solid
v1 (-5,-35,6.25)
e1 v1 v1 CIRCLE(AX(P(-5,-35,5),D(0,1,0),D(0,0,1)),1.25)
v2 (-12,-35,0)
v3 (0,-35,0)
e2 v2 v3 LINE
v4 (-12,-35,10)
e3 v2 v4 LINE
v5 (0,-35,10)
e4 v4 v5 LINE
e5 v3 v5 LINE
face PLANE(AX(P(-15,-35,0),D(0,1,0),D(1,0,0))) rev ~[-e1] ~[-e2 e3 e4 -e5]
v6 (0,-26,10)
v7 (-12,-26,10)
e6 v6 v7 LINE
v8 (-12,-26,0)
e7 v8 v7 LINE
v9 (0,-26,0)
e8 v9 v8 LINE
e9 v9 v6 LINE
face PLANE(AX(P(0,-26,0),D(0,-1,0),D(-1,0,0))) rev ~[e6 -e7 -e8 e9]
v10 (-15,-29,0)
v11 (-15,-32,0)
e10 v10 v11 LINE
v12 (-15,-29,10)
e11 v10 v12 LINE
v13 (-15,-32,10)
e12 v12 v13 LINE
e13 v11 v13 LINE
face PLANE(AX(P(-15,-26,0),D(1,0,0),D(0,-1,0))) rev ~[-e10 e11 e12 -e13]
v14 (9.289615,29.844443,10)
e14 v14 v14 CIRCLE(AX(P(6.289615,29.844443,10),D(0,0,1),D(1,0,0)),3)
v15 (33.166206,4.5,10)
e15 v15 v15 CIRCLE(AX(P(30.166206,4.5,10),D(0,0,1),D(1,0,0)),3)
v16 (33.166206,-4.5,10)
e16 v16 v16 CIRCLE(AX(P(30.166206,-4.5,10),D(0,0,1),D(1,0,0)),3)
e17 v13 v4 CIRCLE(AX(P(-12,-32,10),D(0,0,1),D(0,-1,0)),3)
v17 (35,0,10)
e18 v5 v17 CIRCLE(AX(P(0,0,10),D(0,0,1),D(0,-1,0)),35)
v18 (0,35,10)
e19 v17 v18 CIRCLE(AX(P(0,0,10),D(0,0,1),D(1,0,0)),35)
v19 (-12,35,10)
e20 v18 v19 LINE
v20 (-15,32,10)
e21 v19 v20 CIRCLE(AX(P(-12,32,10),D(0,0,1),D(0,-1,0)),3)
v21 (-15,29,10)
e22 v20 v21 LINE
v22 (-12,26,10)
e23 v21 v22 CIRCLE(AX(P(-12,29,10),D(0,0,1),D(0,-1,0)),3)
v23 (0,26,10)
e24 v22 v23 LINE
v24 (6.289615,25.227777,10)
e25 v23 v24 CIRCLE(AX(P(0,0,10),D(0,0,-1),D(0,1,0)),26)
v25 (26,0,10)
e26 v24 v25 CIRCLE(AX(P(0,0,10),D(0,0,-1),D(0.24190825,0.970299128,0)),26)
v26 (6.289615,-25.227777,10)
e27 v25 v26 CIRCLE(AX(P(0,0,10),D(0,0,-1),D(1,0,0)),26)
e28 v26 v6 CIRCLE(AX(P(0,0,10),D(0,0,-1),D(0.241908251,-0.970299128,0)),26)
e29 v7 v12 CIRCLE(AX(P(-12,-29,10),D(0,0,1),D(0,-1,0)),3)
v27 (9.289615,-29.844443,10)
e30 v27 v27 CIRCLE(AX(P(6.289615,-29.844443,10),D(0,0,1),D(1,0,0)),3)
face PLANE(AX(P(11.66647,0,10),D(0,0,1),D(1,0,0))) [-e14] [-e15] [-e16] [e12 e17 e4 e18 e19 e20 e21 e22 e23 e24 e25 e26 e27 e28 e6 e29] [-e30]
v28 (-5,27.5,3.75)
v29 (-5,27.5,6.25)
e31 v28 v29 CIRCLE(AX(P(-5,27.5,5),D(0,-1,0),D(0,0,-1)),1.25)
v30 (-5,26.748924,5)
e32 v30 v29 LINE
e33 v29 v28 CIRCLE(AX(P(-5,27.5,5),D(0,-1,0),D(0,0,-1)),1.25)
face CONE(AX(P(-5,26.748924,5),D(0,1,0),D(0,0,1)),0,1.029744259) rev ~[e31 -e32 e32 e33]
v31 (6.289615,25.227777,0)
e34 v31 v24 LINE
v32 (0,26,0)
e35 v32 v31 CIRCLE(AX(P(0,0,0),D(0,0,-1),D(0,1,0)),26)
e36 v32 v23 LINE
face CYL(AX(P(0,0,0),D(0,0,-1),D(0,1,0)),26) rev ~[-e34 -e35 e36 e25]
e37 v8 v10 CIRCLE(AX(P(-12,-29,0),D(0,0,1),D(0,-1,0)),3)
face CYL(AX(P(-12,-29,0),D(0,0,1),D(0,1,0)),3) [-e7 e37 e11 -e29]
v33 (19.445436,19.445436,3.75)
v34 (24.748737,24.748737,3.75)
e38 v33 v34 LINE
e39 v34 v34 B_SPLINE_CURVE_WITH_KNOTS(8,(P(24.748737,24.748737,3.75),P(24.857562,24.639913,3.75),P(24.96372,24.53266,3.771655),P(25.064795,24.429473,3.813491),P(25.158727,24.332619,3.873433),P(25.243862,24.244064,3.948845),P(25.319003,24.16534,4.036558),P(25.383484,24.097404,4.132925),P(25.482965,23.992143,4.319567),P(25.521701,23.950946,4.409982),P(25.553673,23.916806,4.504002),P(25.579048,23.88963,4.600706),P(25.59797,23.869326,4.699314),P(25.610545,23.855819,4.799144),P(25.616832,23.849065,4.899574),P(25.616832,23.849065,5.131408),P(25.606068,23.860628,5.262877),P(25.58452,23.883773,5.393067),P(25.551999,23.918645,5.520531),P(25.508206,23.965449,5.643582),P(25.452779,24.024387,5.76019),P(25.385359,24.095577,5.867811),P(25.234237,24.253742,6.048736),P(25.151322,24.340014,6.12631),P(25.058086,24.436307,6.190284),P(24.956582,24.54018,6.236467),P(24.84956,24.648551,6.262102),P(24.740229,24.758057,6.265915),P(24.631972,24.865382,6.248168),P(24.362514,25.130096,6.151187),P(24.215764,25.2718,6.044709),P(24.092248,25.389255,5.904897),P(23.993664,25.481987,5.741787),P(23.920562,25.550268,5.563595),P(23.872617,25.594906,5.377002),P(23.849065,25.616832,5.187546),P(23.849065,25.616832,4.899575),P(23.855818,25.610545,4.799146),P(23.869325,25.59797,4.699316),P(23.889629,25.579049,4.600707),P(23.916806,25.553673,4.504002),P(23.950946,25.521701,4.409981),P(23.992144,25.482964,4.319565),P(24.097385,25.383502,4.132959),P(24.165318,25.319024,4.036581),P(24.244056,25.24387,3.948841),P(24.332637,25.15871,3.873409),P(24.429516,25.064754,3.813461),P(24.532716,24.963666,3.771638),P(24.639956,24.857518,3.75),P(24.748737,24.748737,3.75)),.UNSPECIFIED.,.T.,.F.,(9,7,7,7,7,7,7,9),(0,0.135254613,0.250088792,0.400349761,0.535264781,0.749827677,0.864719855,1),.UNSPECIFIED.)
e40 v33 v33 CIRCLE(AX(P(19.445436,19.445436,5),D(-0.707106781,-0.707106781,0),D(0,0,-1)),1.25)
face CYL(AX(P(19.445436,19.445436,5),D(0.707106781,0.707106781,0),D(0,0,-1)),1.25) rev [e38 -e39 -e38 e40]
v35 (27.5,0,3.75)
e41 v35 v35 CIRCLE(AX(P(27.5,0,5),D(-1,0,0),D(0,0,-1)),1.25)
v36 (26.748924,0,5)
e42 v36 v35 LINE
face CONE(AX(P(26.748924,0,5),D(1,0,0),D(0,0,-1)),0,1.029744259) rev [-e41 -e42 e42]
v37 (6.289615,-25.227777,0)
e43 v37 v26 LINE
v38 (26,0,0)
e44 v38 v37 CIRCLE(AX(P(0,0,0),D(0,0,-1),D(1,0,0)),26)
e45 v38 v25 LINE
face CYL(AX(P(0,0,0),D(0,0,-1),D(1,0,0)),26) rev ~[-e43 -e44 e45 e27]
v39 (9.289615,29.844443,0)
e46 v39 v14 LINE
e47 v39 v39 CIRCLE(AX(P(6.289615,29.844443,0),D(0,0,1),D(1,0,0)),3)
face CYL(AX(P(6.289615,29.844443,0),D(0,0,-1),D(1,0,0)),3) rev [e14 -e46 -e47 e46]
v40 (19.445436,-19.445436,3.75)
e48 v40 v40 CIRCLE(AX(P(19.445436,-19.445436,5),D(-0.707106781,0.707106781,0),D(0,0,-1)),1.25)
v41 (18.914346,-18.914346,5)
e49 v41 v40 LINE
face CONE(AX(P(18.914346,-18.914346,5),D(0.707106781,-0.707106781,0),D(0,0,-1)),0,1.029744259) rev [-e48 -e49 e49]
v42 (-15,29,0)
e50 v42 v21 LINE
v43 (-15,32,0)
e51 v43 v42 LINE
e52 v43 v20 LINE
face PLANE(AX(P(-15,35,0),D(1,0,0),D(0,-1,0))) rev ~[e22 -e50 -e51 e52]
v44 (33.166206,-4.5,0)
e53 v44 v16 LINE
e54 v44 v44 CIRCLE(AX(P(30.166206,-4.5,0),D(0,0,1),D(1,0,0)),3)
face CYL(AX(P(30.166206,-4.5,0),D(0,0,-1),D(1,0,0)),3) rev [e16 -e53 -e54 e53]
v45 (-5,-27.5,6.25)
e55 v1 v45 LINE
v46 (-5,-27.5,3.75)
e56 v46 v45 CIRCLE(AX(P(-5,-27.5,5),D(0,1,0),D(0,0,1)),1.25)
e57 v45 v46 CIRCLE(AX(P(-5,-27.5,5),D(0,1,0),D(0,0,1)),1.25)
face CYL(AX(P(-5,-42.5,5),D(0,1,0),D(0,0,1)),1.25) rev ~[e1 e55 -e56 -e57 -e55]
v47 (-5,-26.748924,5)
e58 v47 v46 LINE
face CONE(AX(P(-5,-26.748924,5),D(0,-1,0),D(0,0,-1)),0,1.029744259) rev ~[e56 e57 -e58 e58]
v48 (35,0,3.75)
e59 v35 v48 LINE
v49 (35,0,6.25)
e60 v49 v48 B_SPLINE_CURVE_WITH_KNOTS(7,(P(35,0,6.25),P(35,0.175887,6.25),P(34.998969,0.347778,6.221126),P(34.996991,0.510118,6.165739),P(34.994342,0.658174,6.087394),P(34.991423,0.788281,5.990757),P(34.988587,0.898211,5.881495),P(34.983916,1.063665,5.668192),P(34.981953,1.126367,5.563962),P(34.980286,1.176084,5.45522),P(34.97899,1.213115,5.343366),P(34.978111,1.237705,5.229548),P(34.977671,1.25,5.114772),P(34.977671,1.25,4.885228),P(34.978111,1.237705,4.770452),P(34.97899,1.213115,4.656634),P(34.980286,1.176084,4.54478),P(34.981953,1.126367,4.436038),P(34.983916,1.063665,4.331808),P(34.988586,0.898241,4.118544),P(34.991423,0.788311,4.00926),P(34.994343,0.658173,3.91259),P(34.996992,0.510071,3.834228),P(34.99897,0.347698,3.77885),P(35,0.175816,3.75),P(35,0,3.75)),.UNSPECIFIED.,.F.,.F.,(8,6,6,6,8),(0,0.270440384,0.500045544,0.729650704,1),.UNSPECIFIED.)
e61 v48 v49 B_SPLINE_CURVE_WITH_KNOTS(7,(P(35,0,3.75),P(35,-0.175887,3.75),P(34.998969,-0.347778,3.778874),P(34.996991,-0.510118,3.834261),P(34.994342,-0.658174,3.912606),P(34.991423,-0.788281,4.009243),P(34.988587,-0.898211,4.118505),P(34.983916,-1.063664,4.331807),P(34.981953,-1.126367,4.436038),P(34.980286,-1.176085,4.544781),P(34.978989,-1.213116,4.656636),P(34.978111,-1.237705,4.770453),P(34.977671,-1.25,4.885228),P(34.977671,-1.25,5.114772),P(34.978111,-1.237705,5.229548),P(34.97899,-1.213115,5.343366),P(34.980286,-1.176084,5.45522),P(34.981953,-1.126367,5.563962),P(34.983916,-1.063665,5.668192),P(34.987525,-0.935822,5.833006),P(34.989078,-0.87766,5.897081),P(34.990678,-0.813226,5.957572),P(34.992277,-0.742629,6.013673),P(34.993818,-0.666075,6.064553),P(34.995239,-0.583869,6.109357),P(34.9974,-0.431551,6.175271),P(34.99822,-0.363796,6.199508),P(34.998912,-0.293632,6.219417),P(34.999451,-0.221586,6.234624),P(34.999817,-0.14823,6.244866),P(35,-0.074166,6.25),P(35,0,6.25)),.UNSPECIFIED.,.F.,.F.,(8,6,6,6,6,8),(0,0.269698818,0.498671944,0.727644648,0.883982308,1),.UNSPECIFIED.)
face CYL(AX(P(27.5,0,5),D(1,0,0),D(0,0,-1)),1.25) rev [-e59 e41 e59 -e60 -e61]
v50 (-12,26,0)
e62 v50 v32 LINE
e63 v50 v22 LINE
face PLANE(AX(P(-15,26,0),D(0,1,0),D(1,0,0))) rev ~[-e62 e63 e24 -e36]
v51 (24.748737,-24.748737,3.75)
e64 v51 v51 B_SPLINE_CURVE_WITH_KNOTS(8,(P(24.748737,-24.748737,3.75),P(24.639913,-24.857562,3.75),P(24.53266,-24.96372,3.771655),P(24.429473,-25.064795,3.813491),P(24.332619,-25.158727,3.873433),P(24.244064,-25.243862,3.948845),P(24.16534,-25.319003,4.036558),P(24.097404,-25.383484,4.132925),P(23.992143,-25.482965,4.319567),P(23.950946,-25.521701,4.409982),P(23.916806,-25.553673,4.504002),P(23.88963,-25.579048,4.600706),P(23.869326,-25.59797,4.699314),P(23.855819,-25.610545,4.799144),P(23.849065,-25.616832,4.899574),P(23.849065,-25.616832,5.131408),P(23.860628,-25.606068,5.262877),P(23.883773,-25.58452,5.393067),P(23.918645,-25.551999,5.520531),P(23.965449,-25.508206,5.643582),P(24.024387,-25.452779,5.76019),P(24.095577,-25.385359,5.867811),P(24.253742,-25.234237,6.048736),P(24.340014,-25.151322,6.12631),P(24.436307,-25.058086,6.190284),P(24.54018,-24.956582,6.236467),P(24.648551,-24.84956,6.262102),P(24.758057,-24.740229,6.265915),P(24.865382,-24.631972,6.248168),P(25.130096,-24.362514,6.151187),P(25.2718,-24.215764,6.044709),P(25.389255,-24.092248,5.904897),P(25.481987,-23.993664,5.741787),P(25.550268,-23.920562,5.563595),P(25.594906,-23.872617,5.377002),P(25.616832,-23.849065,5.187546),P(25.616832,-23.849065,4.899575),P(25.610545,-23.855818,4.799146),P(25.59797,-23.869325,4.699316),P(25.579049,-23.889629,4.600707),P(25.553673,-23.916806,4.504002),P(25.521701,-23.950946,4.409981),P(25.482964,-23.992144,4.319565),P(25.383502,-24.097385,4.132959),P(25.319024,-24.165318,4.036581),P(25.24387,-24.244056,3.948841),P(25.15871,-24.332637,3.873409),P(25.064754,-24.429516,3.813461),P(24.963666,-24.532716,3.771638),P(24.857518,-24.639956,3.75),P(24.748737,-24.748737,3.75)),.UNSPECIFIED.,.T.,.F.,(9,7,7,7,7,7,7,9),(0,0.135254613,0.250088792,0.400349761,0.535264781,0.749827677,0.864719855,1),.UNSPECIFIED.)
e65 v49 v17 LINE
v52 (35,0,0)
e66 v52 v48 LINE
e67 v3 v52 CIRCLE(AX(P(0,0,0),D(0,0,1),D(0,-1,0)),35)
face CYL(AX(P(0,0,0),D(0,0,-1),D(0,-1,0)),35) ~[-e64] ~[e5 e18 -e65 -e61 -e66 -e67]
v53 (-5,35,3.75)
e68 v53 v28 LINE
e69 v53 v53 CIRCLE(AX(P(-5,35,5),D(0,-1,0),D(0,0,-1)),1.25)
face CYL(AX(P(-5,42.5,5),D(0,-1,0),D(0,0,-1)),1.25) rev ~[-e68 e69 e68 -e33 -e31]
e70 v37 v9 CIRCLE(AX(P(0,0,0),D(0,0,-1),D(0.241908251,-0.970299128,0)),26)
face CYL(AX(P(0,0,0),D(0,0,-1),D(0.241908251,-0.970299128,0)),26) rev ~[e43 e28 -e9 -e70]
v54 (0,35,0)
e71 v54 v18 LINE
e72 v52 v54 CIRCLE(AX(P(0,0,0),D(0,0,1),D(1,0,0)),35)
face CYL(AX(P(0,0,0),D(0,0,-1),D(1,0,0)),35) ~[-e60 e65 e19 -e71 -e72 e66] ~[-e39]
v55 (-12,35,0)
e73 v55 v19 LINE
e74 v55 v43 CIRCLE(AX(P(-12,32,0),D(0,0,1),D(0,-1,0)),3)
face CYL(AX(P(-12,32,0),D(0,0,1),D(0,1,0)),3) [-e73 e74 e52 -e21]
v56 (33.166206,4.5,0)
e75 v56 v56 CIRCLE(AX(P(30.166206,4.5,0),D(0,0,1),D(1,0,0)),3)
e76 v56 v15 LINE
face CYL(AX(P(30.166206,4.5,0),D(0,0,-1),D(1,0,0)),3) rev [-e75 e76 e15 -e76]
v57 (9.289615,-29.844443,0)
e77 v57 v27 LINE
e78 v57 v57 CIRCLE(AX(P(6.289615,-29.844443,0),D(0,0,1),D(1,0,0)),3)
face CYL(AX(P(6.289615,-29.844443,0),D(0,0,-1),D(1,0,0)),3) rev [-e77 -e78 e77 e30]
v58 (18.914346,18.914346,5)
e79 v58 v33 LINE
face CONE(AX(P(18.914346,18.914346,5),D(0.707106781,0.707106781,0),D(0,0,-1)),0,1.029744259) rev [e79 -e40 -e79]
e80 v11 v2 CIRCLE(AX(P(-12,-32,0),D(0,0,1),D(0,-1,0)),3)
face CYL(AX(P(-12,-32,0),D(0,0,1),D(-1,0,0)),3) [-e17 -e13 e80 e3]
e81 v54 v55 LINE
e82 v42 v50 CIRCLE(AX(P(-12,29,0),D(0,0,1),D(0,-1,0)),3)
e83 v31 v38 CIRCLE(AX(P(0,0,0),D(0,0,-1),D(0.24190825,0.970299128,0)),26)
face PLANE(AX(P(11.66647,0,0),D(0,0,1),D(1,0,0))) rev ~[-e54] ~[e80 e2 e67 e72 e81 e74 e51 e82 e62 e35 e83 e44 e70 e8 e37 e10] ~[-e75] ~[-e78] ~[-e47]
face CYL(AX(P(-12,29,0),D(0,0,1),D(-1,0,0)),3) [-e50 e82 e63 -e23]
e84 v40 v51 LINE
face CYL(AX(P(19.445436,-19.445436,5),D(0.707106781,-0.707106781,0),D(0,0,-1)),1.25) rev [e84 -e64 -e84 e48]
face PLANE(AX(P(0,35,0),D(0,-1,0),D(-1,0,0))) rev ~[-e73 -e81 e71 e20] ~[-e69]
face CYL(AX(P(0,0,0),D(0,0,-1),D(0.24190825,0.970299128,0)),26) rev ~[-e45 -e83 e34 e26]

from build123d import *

# Parameters (mm, degrees)
SKETCH1_R                       = 3
BOSS_EXTRUDE1_DEPTH             = 10
FILLET1_R                       = 3
CIRPATTERN1_COUNT               = 2
CIRPATTERN1_ANGLE               = 45
CIRPATTERN2_COUNT               = 2
CIRPATTERN2_ANGLE               = 45
M3_TAPPED_HOLE4_D               = 2.5
M3_TAPPED_HOLE4_DEPTH           = 7.5
M3_TAPPED_HOLE4_TIP             = 0.751075774
M3_TAPPED_HOLE4_ON_FACE_2_D     = 2.5
M3_TAPPED_HOLE4_ON_FACE_2_DEPTH = 7.5
M3_TAPPED_HOLE4_ON_FACE_2_TIP   = 0.751075774


with BuildPart() as part:
    # Sketch1 → Boss-Extrude1 (new body)
    with BuildSketch(Plane.XY):
        with BuildLine():
            ThreePointArc((35, 0), (24.748737342, 24.748737342), (0, 35))
            ThreePointArc((0, 35), (-7.687744108, 34.145257219), (-15, 31.622776602))
            Line((-15, 31.622776602), (-15, 26))
            Line((-15, 26), (0, 26))
            ThreePointArc((0, 26), (3.168421474, 25.806222222), (6.289614512, 25.227777335))
            ThreePointArc((6.289614512, 25.227777335), (20.48816704, 16.00734242), (26, 0))
            ThreePointArc((26, 0), (20.48816704, -16.00734242), (6.289614512, -25.227777335))
            ThreePointArc((6.289614512, -25.227777335), (3.168421474, -25.806222222), (0, -26))
            Line((0, -26), (-15, -26))
            Line((-15, -26), (-15, -31.622776602))
            ThreePointArc((-15, -31.622776602), (-7.687744108, -34.145257219), (0, -35))
            ThreePointArc((0, -35), (24.748737342, -24.748737342), (35, 0))
        make_face()
        with Locations((6.289614512, -29.844442519)):
            Circle(SKETCH1_R, mode=Mode.SUBTRACT)
        with Locations((30.166206258, -4.5)):
            Circle(SKETCH1_R, mode=Mode.SUBTRACT)
        with Locations((30.166206258, 4.5)):
            Circle(SKETCH1_R, mode=Mode.SUBTRACT)
        with Locations((6.289614512, 29.844442519)):
            Circle(SKETCH1_R, mode=Mode.SUBTRACT)
        with BuildLine():
            ThreePointArc((-15, 31.622776602), (-7.687744108, 34.145257219), (0, 35))
            Line((0, 35), (-15, 35))
            Line((-15, 35), (-15, 31.622776602))
        make_face()
        with BuildLine():
            Line((-15, -35), (0, -35))
            ThreePointArc((0, -35), (-7.687744108, -34.145257219), (-15, -31.622776602))
            Line((-15, -31.622776602), (-15, -35))
        make_face()
    extrude(amount=BOSS_EXTRUDE1_DEPTH)

    # Fillet1
    fillet1_edges = [part.edges().sort_by_distance(p)[0] for p in [
        (-15, 26, 5),
        (-15, 35, 5),
        (-15, -35, 5),
        (-15, -26, 5),
    ]]
    fillet(fillet1_edges, radius=FILLET1_R)

    # Sketch14 → M3 Tapped Hole3 (revolve, cut)
    with BuildSketch(Plane(origin=(35, 0, 5), x_dir=(0, 0, -1), z_dir=(0, 1, 0))):
        Polygon((0, 0), (0, 8.251075774), (1.25, 7.5), (1.25, 0), align=None)
    m3_tapped_hole3 = revolve(axis=Axis((41.35, 0, 5), (-1, 0, 0)), mode=Mode.SUBTRACT)

    # CirPattern1: M3 Tapped Hole3 ×2 about axis
    cirpattern1_axis = Axis((0, 0, 0), (0, 0, 1))
    for i in range(1, CIRPATTERN1_COUNT):
        add(m3_tapped_hole3.rotate(cirpattern1_axis, i * CIRPATTERN1_ANGLE / (CIRPATTERN1_COUNT - 1)), mode=Mode.SUBTRACT)

    # CirPattern2: M3 Tapped Hole3 ×2 about axis
    cirpattern2_axis = Axis((0, 0, 10), (0, 0, -1))
    for i in range(1, CIRPATTERN2_COUNT):
        add(m3_tapped_hole3.rotate(cirpattern2_axis, i * CIRPATTERN2_ANGLE / (CIRPATTERN2_COUNT - 1)), mode=Mode.SUBTRACT)

    # M3 Tapped Hole4
    with Locations(Plane(origin=(-5, -35, 5), x_dir=(0, 0, -1), z_dir=(0, -1, 0))):
        with Locations((0, 0)):
            Hole(M3_TAPPED_HOLE4_D / 2, depth=M3_TAPPED_HOLE4_DEPTH)
            with Locations((0, 0, -(M3_TAPPED_HOLE4_DEPTH + M3_TAPPED_HOLE4_TIP / 2))):  # 118° drill point
                Cone(0, M3_TAPPED_HOLE4_D / 2, M3_TAPPED_HOLE4_TIP, mode=Mode.SUBTRACT)

    # M3 Tapped Hole4 on face 2
    with Locations(Plane(origin=(-5, 35, 5), x_dir=(0, 0, 1), z_dir=(0, 1, 0))):
        with Locations((0, 0)):
            Hole(M3_TAPPED_HOLE4_ON_FACE_2_D / 2, depth=M3_TAPPED_HOLE4_ON_FACE_2_DEPTH)
            with Locations((0, 0, -(M3_TAPPED_HOLE4_ON_FACE_2_DEPTH + M3_TAPPED_HOLE4_ON_FACE_2_TIP / 2))):  # 118° drill point
                Cone(0, M3_TAPPED_HOLE4_ON_FACE_2_D / 2, M3_TAPPED_HOLE4_ON_FACE_2_TIP, mode=Mode.SUBTRACT)


solid = part.part
